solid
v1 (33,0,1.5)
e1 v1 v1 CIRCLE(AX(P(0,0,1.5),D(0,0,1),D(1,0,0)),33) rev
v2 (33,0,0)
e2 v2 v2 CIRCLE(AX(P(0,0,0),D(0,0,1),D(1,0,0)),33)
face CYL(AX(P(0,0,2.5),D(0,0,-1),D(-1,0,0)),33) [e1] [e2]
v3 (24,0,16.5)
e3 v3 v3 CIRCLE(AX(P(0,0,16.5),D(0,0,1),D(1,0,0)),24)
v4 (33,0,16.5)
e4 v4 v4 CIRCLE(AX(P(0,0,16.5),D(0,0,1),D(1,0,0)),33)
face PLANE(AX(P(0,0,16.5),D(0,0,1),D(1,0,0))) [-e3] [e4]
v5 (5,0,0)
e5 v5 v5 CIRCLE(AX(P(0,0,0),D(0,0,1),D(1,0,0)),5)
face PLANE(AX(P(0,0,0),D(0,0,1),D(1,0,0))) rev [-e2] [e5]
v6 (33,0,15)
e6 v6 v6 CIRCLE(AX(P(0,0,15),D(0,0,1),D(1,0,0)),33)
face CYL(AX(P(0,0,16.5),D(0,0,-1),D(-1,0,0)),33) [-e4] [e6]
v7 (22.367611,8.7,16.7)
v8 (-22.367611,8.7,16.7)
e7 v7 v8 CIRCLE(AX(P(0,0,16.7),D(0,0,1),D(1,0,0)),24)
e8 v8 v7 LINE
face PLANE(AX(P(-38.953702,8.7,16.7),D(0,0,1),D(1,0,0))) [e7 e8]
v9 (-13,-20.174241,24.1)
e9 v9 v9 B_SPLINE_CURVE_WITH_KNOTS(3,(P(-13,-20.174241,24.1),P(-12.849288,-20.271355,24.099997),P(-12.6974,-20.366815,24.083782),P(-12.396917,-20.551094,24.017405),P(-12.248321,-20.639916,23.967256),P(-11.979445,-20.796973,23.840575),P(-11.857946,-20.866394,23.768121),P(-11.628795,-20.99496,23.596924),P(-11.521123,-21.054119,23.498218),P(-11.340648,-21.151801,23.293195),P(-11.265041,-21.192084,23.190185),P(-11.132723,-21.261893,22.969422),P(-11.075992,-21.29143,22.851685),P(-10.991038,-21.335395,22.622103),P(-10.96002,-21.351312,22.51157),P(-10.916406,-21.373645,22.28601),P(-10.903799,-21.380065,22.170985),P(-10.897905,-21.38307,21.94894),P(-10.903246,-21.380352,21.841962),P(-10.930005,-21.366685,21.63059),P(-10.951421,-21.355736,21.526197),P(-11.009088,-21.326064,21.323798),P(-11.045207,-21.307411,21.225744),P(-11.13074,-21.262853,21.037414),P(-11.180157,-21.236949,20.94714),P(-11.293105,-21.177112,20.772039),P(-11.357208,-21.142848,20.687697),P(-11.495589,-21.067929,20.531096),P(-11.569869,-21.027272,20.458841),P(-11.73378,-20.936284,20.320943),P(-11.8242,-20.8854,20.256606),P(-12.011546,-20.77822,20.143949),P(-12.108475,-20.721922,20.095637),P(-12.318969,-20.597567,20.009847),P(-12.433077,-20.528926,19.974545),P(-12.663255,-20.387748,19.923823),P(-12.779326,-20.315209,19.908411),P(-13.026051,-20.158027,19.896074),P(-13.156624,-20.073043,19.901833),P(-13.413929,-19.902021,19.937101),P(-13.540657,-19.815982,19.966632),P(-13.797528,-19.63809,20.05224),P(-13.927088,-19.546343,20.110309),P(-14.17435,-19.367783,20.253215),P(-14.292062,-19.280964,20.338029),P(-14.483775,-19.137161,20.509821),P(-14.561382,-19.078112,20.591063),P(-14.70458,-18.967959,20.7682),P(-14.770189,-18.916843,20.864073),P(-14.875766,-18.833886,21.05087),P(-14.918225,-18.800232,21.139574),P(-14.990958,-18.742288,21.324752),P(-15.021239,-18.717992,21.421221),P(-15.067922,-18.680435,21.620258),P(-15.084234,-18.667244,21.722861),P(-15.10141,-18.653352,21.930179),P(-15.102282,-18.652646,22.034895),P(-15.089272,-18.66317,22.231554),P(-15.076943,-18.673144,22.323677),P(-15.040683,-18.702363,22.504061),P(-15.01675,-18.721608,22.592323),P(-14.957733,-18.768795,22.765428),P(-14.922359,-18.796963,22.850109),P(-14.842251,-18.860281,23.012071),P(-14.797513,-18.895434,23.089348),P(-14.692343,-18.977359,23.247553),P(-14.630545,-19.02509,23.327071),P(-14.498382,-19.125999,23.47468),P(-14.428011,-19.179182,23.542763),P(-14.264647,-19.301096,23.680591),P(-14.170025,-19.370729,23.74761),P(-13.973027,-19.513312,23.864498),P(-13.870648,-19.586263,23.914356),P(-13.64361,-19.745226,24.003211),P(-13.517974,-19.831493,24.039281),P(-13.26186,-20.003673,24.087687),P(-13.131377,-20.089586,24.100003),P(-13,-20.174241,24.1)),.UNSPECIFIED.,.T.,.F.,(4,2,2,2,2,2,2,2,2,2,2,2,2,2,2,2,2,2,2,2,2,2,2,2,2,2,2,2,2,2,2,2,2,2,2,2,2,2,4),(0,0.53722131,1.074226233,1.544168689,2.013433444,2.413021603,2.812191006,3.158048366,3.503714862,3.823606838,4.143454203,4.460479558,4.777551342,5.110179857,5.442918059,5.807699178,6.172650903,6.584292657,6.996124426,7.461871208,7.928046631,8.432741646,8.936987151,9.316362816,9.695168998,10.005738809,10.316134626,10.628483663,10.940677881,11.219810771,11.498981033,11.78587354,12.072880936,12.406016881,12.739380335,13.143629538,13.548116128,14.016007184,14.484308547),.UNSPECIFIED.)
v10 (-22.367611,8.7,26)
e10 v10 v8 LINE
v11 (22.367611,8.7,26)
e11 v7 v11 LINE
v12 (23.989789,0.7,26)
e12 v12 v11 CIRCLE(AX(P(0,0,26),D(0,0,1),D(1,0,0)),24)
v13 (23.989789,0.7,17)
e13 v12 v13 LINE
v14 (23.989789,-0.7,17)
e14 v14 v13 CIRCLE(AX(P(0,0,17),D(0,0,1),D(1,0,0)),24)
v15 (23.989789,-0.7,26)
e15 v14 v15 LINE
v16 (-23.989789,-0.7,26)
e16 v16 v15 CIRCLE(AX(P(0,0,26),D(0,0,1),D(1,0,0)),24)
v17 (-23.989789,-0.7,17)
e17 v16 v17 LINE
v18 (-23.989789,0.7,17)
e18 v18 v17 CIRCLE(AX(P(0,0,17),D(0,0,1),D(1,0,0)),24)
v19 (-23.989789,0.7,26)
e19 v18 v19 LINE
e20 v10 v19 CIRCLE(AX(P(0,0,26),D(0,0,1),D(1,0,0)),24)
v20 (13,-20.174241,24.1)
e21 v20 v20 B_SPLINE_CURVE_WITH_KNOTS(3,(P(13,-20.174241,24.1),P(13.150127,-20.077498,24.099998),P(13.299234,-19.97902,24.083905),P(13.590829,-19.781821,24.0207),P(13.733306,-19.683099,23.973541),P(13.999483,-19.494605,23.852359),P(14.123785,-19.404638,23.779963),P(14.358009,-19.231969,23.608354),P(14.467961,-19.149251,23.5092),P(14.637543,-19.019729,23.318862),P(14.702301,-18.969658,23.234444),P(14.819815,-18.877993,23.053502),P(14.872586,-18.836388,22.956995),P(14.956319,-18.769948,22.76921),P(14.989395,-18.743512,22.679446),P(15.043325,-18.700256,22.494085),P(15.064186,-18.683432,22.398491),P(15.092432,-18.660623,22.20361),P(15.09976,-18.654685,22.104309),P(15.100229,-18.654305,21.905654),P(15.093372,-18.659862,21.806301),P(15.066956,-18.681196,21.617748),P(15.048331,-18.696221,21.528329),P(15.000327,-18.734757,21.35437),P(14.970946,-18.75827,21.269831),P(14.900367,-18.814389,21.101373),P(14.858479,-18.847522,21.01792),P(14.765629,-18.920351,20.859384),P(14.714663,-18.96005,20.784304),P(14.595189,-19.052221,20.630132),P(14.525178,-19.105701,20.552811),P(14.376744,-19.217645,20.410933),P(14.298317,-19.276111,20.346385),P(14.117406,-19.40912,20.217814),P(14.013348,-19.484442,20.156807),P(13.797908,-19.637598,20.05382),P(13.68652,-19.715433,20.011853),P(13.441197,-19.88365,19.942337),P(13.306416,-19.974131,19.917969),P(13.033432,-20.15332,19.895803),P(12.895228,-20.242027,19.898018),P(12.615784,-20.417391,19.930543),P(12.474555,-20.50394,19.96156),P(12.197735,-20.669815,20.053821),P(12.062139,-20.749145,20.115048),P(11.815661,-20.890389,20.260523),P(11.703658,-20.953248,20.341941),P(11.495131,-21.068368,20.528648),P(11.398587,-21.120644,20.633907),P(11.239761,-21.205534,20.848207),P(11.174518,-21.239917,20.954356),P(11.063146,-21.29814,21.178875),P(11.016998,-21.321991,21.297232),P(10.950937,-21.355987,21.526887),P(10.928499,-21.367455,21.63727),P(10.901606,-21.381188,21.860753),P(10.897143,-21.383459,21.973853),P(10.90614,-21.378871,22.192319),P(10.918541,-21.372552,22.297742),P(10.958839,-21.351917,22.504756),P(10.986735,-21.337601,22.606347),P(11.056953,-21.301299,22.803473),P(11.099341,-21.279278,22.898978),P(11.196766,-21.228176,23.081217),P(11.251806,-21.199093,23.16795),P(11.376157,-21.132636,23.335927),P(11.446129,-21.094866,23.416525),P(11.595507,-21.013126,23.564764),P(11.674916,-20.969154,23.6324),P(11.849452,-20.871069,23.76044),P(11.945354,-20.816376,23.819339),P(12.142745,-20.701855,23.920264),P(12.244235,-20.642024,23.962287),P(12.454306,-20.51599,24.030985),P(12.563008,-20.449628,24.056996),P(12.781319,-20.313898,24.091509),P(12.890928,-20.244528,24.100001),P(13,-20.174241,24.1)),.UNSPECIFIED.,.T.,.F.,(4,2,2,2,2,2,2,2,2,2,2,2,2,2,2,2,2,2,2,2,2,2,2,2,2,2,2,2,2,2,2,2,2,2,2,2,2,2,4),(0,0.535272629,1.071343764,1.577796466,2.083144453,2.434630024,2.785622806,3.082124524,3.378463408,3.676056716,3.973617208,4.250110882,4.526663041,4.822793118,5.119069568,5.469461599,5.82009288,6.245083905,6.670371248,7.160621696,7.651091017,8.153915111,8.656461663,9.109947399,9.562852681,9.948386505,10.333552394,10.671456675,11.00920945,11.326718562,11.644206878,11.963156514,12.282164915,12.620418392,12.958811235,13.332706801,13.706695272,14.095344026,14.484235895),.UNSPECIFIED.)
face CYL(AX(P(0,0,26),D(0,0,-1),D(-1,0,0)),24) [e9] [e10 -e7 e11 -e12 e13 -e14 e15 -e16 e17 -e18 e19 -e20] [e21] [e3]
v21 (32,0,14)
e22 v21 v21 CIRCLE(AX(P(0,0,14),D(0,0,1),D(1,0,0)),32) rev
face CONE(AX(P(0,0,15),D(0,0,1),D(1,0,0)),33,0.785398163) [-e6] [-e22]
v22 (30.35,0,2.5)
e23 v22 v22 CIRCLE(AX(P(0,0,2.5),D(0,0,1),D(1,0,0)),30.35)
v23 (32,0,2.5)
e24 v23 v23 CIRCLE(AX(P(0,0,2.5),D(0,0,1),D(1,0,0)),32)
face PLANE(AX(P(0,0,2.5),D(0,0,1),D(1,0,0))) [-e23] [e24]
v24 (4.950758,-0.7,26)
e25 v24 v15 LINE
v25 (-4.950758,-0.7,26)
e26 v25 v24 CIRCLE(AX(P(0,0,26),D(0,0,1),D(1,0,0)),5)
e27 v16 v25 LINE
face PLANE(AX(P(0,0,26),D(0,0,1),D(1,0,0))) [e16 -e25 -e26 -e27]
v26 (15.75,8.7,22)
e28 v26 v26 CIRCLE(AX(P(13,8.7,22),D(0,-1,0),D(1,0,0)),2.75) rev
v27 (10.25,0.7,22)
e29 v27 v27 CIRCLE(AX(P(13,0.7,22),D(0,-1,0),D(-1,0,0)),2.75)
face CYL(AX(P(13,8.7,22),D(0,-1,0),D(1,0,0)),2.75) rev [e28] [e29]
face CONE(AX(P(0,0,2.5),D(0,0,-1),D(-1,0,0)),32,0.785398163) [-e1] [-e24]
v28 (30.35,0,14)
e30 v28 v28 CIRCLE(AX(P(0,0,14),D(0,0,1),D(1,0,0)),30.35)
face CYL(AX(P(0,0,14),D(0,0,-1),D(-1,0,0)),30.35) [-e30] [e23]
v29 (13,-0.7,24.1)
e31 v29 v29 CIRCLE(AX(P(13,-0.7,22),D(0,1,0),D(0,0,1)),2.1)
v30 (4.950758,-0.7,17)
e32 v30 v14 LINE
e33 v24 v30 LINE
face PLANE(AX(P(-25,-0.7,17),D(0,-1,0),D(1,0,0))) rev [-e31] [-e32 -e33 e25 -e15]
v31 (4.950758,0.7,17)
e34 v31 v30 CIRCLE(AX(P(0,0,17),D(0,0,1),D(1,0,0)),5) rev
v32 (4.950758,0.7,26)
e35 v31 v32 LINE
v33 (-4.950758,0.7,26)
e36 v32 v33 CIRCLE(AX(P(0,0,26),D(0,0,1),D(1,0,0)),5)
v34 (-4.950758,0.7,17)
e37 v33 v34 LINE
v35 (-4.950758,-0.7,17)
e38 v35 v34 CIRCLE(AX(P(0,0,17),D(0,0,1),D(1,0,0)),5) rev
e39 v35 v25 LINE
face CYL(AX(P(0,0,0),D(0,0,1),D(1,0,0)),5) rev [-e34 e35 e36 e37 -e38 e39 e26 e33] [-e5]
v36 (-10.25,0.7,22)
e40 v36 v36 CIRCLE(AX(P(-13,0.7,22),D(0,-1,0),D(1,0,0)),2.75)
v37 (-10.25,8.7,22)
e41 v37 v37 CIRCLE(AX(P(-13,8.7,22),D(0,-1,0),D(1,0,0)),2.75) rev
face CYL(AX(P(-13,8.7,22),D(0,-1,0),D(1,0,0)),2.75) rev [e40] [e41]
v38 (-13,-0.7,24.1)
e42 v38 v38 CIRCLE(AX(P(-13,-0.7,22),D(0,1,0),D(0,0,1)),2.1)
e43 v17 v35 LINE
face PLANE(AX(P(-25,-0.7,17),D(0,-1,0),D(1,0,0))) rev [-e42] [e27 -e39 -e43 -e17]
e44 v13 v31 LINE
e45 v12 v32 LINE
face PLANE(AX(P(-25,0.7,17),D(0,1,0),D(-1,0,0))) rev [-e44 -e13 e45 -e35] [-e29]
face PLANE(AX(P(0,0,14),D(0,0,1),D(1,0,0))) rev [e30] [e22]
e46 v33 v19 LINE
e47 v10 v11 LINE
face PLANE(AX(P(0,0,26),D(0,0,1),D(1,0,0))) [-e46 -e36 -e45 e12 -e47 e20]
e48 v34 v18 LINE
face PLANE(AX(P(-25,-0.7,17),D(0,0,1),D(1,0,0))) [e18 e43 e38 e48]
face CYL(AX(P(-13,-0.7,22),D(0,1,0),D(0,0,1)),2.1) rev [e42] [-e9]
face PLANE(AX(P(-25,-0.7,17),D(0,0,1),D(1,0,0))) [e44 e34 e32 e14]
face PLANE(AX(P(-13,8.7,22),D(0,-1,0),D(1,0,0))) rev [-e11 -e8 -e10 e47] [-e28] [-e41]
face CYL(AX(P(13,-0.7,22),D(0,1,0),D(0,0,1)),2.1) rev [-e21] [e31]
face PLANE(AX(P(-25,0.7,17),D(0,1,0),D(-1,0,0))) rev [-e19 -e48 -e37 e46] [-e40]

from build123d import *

# Parameters (mm, degrees)
SKETCH_1_R          = 33
EXTRUDE_1_DEPTH     = 2.5
SKETCH_2_R          = 30.35
EXTRUDE_2_DEPTH     = 11.5
SKETCH_3_R          = 33
EXTRUDE_3_DEPTH     = 2.5
SKETCH_4_R          = 24
EXTRUDE_4_DEPTH     = 9.5
CHAMFER_1_SIZE      = 1
SKETCH_5_R          = 5
CUT_EXTRUDE_1_DEPTH = 54.422841557
SKETCH_6_W          = 50
SKETCH_6_H          = 1.4
CUT_EXTRUDE_2_DEPTH = 9
SKETCH_7_R          = 2.75
CUT_EXTRUDE_3_DEPTH = 8
SKETCH_8_R          = 5
CUT_EXTRUDE_4_DEPTH = 60.193665202
HOLE_WIZARD_M5_1_D  = 4.2
SKETCH_12_W         = 10
SKETCH_12_H         = 14
CUT_EXTRUDE_5_DEPTH = 4
SKETCH_13_W         = 72.487869612
SKETCH_13_H         = 16.576438216
CUT_EXTRUDE_6_DEPTH = 9.3


with BuildPart() as part:
    # 草图1 → 凸台-拉伸1 (new body)
    with BuildSketch(Plane.XY):
        Circle(SKETCH_1_R)
    extrude(amount=EXTRUDE_1_DEPTH)

    # 草图2 → 凸台-拉伸2 (add)
    with BuildSketch(Plane.XY.offset(2.5)):
        Circle(SKETCH_2_R)
    extrude(amount=EXTRUDE_2_DEPTH)

    # 草图3 → 凸台-拉伸3 (add)
    with BuildSketch(Plane.XY.offset(14)):
        Circle(SKETCH_3_R)
    extrude(amount=EXTRUDE_3_DEPTH)

    # 草图4 → 凸台-拉伸4 (add)
    with BuildSketch(Plane.XY.offset(16.5)):
        Circle(SKETCH_4_R)
    extrude(amount=EXTRUDE_4_DEPTH)

    # 倒角1
    chamfer_1_edges = [part.edges().sort_by_distance(p)[0] for p in [
        (-33, 0, 2.5),
        (-33, 0, 14),
    ]]
    chamfer(chamfer_1_edges, length=CHAMFER_1_SIZE)

    # 草图5 → 切除-拉伸1 (cut, through all)
    with BuildSketch(Plane.XY.offset(26)):
        Circle(SKETCH_5_R)
    extrude(amount=-CUT_EXTRUDE_1_DEPTH, mode=Mode.SUBTRACT)

    # 草图6 → 切除-拉伸2 (cut)
    with BuildSketch(Plane.XY.offset(26)):
        Rectangle(SKETCH_6_W, SKETCH_6_H)
    extrude(amount=-CUT_EXTRUDE_2_DEPTH, mode=Mode.SUBTRACT)

    # 草图7 → 切除-拉伸3 (cut)
    with BuildSketch(Plane.XZ.offset(-0.7)):
        with Locations((-13, 22)):
            Circle(SKETCH_7_R)
        with Locations(Location((13, 22, 0), (0, 0, 180))):
            Circle(SKETCH_7_R)
    extrude(amount=-CUT_EXTRUDE_3_DEPTH, mode=Mode.SUBTRACT)

    # 草图8 → 切除-拉伸4 (cut, through all)
    with BuildSketch(Plane.XZ.offset(-8.7)):
        with Locations((-13, 22)):
            Circle(SKETCH_8_R)
        with Locations((13, 22)):
            Circle(SKETCH_8_R)
    extrude(amount=-CUT_EXTRUDE_4_DEPTH, mode=Mode.SUBTRACT)

    # M5 螺纹孔1 (through all)
    with Locations(Plane(origin=(0, -0.7, 0), x_dir=(-1, 0, 0), z_dir=(0, 1, 0))):
        with Locations((13, 22), (-13, 22)):
            Hole(HOLE_WIZARD_M5_1_D / 2)

    # 草图12 → 切除-拉伸5 (cut)
    with BuildSketch(Plane.XY.offset(26)):
        with Locations((-13, 15.7)):
            Rectangle(SKETCH_12_W, SKETCH_12_H)
        with Locations((13, 15.7)):
            Rectangle(SKETCH_12_W, SKETCH_12_H)
    extrude(amount=-CUT_EXTRUDE_5_DEPTH, mode=Mode.SUBTRACT)

    # 草图13 → 切除-拉伸6 (cut)
    with BuildSketch(Plane.XY.offset(26)):
        with Locations((-2.709766805, 16.988219108)):
            Rectangle(SKETCH_13_W, SKETCH_13_H)
    extrude(amount=-CUT_EXTRUDE_6_DEPTH, mode=Mode.SUBTRACT)


solid = part.part
